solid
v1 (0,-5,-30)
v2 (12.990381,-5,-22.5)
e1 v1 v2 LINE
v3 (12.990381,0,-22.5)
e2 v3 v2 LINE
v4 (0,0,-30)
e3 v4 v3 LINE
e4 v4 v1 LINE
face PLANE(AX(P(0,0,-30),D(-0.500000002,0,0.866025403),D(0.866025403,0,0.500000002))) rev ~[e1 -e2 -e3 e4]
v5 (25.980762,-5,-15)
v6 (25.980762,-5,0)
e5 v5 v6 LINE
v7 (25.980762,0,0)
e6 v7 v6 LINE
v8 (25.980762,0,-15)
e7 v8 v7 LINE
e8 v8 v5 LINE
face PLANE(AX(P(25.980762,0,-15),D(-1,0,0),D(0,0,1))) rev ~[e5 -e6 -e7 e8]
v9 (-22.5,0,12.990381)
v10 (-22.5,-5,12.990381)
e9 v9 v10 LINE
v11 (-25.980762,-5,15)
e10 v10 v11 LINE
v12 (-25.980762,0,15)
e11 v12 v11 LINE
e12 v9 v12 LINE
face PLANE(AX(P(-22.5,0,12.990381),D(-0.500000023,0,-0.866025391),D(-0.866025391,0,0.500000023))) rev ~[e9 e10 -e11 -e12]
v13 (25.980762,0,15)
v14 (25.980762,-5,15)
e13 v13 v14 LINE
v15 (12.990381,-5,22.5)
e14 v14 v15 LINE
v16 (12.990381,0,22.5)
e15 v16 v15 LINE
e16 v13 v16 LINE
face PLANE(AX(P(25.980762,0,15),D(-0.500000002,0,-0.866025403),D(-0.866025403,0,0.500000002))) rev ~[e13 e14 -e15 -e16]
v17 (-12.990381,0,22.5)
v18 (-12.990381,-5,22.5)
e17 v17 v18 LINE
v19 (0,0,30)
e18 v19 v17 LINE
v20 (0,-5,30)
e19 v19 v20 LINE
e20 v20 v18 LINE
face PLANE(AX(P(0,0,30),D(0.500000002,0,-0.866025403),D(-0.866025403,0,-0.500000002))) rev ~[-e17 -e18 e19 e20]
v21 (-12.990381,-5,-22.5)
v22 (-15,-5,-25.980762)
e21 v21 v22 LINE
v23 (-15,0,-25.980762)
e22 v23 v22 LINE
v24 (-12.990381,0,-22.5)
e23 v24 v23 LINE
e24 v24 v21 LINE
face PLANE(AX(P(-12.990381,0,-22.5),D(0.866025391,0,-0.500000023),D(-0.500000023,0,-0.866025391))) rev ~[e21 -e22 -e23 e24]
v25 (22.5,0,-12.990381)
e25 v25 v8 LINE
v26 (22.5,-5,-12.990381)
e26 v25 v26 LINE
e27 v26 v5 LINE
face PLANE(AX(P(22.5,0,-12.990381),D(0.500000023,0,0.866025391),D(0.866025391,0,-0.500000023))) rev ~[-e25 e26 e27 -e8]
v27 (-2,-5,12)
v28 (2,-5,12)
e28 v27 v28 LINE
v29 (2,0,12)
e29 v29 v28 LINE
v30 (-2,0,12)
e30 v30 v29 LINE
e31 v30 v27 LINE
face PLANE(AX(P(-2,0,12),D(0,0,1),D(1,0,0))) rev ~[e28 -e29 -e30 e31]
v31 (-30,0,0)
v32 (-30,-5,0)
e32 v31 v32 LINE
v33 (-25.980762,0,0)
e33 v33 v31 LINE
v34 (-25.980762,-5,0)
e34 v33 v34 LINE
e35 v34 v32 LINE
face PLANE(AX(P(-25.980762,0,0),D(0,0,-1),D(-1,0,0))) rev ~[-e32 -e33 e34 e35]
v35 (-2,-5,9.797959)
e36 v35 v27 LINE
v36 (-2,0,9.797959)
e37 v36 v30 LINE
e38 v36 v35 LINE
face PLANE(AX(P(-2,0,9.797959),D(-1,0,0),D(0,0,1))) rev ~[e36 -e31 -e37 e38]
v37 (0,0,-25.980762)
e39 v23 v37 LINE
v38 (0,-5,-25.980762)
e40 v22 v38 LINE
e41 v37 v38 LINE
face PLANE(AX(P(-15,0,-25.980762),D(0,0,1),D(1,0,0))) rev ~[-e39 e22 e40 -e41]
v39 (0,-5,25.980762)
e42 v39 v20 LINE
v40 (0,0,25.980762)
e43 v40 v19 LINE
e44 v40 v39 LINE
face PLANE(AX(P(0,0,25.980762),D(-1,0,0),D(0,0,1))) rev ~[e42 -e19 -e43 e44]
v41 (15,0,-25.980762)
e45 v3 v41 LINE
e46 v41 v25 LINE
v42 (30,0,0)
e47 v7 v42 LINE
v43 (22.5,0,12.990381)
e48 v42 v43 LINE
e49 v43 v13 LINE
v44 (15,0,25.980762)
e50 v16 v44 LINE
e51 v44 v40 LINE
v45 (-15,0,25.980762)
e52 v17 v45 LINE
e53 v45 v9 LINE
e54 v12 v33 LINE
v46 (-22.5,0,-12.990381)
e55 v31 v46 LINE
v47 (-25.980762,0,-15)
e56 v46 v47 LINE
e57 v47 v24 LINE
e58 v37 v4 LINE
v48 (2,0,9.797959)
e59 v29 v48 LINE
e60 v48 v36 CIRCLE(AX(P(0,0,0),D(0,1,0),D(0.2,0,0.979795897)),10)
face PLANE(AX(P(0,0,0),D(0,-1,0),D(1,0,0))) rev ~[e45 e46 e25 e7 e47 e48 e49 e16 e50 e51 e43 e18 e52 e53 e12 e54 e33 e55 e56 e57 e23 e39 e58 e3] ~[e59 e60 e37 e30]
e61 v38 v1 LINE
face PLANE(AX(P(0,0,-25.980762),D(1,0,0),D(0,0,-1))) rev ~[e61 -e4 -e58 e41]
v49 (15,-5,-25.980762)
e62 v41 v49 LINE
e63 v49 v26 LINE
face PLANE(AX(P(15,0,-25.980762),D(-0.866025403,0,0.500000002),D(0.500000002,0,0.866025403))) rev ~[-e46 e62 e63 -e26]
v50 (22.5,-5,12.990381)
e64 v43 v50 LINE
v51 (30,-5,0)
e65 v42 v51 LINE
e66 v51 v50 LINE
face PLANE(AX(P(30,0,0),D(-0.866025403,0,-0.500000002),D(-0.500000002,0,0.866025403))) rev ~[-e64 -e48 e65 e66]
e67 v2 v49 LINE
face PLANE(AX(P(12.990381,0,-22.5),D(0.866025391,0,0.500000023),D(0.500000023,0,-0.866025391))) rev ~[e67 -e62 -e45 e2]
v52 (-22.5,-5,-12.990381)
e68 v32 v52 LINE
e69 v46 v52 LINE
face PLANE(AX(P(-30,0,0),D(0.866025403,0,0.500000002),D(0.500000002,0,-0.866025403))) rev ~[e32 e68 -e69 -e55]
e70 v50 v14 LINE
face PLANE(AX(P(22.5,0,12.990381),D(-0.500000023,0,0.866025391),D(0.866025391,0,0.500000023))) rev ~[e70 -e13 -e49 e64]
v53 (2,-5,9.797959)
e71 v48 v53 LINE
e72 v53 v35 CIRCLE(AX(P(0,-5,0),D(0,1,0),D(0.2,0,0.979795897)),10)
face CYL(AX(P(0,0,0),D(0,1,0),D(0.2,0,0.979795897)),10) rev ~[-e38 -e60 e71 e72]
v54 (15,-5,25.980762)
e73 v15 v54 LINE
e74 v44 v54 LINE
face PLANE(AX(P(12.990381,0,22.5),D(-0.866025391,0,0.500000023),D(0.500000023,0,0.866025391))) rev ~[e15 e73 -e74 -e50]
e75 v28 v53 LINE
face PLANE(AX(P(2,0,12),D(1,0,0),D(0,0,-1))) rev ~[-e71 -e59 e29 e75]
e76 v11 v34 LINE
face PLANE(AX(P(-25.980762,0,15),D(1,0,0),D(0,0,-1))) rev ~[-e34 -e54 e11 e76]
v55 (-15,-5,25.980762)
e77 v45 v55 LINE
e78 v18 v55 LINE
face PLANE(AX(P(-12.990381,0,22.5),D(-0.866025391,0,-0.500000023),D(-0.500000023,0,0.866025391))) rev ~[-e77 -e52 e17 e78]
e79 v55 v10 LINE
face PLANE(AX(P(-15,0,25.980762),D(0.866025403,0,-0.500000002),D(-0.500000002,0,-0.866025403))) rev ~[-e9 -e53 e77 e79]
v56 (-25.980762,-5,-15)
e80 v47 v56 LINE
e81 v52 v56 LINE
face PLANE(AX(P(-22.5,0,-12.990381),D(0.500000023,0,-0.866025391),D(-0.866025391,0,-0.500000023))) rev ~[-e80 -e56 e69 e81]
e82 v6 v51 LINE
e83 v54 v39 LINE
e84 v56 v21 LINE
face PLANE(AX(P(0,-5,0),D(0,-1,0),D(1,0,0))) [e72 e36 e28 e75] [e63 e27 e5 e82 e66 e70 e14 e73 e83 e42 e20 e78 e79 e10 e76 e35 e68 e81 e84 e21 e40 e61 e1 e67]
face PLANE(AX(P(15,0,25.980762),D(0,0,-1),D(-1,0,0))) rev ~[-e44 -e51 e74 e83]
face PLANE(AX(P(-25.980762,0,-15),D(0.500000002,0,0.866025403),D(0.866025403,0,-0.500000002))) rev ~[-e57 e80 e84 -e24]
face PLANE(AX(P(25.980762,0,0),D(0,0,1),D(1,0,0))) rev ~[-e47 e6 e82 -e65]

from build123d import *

# Parameters (mm, degrees)
F1_DEPTH = 5


with BuildPart() as f1:
    # F0 (on Front) → F1 (new body)
    with BuildSketch(Plane.XZ):
        Polygon((22.5, 12.990381), (25.980762, 15), (12.990381, 22.5), (15, 25.980762), (0, 25.980762), (0, 30), (-12.990381, 22.5), (-15, 25.980762), (-22.5, 12.990381), (-25.980762, 15), (-25.980762, 0), (-30, 0), (-22.5, -12.990381), (-25.980762, -15), (-12.990381, -22.5), (-15, -25.980762), (0, -25.980762), (0, -30), (12.990381, -22.5), (15, -25.980762), (22.5, -12.990381), (25.980762, -15), (25.980762, 0), (30, 0), align=None)
        with BuildLine():
            ThreePointArc((2, 9.797959), (0, -10), (-2, 9.797959))
            Line((-2, 9.797959), (-2, 12))
            Line((-2, 12), (0, 12))
            Line((0, 12), (2, 12))
            Line((2, 12), (2, 9.797959))
        make_face(mode=Mode.SUBTRACT)
    extrude(amount=F1_DEPTH)


solid = f1.part
